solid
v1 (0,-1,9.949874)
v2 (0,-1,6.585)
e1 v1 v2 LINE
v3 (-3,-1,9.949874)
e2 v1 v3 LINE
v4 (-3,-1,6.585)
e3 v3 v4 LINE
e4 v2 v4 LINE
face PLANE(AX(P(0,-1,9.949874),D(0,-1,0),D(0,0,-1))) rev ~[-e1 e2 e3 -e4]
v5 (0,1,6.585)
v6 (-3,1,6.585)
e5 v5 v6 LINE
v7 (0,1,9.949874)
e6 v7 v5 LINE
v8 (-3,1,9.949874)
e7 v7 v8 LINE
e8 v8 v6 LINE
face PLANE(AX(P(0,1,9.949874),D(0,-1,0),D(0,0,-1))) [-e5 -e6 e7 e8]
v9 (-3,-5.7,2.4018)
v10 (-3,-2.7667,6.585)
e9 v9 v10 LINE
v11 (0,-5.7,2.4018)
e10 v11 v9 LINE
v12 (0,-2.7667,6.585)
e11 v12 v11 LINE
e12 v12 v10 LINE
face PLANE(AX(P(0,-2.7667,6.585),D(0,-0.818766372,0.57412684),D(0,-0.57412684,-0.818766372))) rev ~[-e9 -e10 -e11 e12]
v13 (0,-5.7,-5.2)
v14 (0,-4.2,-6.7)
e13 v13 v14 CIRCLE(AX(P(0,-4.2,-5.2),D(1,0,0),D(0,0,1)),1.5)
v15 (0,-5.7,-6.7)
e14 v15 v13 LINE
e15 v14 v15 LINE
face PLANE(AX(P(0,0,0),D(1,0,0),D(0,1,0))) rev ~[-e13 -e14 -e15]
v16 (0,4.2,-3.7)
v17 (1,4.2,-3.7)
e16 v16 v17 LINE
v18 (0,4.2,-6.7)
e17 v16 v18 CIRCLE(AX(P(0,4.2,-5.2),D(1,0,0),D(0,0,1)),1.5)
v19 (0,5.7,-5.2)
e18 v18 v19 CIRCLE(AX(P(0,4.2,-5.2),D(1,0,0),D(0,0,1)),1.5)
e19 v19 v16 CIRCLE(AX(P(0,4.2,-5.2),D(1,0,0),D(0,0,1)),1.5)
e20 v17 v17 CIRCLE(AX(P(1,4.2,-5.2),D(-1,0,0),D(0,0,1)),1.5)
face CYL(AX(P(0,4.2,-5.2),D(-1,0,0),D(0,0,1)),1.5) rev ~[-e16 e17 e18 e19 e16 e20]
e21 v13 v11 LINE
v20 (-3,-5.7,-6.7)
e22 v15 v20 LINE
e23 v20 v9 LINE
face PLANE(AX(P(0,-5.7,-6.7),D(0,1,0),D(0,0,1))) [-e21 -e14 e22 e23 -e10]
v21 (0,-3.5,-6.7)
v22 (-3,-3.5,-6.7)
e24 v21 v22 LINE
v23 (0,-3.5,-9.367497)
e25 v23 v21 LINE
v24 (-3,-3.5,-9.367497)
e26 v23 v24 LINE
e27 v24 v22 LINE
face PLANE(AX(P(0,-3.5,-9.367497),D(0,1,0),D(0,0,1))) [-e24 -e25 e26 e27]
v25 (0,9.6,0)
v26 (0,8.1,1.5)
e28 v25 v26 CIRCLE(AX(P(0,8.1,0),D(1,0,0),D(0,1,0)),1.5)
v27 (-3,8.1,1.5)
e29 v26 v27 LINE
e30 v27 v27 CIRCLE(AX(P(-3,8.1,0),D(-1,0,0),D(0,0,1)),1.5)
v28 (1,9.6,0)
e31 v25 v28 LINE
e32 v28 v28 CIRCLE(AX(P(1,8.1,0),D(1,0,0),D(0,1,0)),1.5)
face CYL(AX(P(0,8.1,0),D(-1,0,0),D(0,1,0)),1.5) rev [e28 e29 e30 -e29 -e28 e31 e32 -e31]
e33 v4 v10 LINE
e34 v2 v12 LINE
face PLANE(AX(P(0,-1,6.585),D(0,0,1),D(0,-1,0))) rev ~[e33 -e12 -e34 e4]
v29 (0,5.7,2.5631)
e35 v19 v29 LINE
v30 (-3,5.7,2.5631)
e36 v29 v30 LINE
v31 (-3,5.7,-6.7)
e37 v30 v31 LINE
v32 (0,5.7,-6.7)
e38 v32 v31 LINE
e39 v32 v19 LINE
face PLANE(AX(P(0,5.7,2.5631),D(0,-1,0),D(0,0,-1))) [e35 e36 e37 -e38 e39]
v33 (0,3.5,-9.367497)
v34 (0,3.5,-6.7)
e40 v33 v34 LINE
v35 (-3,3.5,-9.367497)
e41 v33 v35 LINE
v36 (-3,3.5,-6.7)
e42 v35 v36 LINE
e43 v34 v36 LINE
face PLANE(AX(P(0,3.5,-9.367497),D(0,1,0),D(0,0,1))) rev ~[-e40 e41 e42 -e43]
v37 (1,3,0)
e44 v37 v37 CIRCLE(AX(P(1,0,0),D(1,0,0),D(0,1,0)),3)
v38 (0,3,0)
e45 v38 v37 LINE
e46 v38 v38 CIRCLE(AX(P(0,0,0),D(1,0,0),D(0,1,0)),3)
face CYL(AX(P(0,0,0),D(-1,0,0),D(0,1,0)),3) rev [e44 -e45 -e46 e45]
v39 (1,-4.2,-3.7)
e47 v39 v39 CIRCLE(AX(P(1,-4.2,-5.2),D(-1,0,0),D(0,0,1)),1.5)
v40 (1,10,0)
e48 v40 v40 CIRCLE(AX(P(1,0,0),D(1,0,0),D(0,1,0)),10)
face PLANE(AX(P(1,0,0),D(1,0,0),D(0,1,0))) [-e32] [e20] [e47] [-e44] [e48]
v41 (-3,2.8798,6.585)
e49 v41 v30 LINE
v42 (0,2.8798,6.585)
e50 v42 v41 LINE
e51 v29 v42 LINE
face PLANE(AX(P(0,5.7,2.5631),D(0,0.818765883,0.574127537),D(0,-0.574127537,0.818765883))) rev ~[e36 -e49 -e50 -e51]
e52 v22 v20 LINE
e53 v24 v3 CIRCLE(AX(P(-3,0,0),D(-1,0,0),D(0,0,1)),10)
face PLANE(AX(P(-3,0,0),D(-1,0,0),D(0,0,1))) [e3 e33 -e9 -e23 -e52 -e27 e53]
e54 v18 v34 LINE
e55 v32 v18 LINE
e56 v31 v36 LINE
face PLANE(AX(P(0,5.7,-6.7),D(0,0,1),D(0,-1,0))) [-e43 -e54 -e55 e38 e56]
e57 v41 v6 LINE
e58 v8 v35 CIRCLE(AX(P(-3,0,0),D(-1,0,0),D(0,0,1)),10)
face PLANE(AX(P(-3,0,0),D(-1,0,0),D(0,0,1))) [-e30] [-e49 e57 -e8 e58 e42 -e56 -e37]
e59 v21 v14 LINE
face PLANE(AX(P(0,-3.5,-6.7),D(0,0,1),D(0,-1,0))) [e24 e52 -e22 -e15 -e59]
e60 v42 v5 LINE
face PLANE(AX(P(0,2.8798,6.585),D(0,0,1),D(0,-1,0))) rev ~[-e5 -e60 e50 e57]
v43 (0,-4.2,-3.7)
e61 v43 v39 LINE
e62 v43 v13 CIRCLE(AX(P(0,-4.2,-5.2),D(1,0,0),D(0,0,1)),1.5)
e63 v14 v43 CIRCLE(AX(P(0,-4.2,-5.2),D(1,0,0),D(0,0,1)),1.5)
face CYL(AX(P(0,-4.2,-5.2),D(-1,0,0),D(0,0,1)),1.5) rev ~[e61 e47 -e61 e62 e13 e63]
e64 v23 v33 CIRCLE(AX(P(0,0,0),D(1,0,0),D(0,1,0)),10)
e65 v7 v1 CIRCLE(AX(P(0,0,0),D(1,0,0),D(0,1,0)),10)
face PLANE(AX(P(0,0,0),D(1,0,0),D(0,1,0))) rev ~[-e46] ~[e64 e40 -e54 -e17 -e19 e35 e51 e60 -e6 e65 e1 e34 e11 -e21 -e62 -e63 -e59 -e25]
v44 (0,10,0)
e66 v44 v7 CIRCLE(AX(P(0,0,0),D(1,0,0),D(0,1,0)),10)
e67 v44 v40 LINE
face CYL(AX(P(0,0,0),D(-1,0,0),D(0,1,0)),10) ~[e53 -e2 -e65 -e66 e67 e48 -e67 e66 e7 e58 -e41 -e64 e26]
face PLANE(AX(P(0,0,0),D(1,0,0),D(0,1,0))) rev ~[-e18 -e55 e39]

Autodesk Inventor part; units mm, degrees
ref_plane "YZ Plane" through (0, 0, 0) normal (1, 0, 0) x (0, 1, 0)
ref_plane "XZ Plane" through (0, 0, 0) normal (0, 1, 0) x (-1, 0, 0)
ref_plane "XY Plane" through (0, 0, 0) normal (0, 0, 1) x (1, 0, 0)
sketch "Sketch1" plane through (0, 0, 0) normal (1, 0, 0) x (0, 1, 0)
  circle A0 centre (0, 0) radius 10
  line L0 (10, 0) -> (8.1, 0)
  circle A1 centre (8.1, 0) radius 1.5
  circle A2 centre (0, 0) radius 3
  dimension "d0" = 20
  dimension "d1" = 1.9
  dimension "d2" = 3
  dimension "d3" = 6
extrude "Extrusion1" add sketch "Sketch1" along normal blind 1
sketch "Sketch2" plane through (0, 0, 0) normal (-1, 0, 0) x (0, 0, 1)
  line L0 (0, 5.5) -> (-6.5, 5.5)
  line L1 (0, 5.5) -> (2.5, 5.5)
  line L2 (6.0478, 3.0122) -> (6.0478, -2.8019)
  line L3 (-6.5, -5.5) -> (-6.5, 5.5)
  line L4 (5.5, 5.498) -> (2.5, 5.5)
  line L5 (2.5, 5.5) -> (6.0478, 3.0122)
  line L6 (5.2, -5.498) -> (2.2, -5.5)
  line L7 (2.2, -5.5) -> (6.0478, -2.8019)
  line L8 (2.2, -5.5) -> (-6.5, -5.5)
  line L9 (2.5631, 5.7) -> (6.585, 2.8798)
  line L10 (6.585, 2.8798) -> (6.585, -2.7667)
  line L11 (6.585, -2.7667) -> (2.4018, -5.7)
  line L12 (2.5631, 5.7) -> (0, 5.7)
  line L13 (0, 5.7) -> (-6.7, 5.7)
  line L14 (-6.7, 5.7) -> (-6.7, -5.7)
  line L15 (-6.7, -5.7) -> (2.4018, -5.7)
  circle A0 centre (0, 0) radius 10
  circle A1 centre (0, 0) radius 10 projected
  line L16 (10, 0) -> (10, 1)
  line L17 (10, 1) -> (6.585, 1)
  line L18 (10, 0) -> (10, -1)
  line L19 (10, 0) -> (11, 0) construction
  line L20 (10, -1) -> (6.585, -1)
  line L21 (-10, 0) -> (-10, 3.5)
  line L22 (-10, 3.5) -> (-6.7, 3.5)
  line L23 (-10, 0) -> (-10, -3.5)
  line L24 (-10, -3.5) -> (-6.7, -3.5)
  circle A2 centre (0, 8.1) radius 1.5 projected
  circle A3 centre (0, 8.1) radius 1.5
  point P0 (-9.3675, -3.5)
  point P1 (9.9499, -1)
  point P2 (9.9499, 1)
  point P3 (-9.3675, 3.5)
  dimension "d6" = 5.5
  dimension "d7" = 6.5
  dimension "d8" = 5.5
  dimension "d9" = 11
  dimension "d10" = 3
  dimension "d11" = 35
  dimension "d12" = 3
  dimension "d13" = 35
  dimension "d14" = 0.2
  dimension "d15" = 0.2
  dimension "d18" = 1
  dimension "d19" = 1
  dimension "d20" = 270
  dimension "d21" = 3.5
  dimension "d22" = 3.5
extrude "Extrusion2" add sketch "Sketch2" along normal blind 3 contours L9 L12 L13 L14 L22 A0 L17 L10 | L11 L10 L20 A0 L24 L14 L15
sketch "Sketch3" plane through (0, 0, 0) normal (-1, 0, 0) x (0, 0, 1)
  circle A0 centre (-5.2, 4.2) radius 1.5
  circle A1 centre (-5.2, -4.2) radius 1.5
  line L0 (-6.7, 5.7) -> (2.5631, 5.7) projected
  line L1 (-6.7, 3.5) -> (-6.7, 5.7) projected
  line L2 (-6.7, -5.7) -> (-6.7, -3.5) projected
  line L3 (2.4018, -5.7) -> (-6.7, -5.7) projected
  point P0 (0, 0)
  dimension "d23" = 3
  dimension "d24" = 3
extrude "Extrusion3" cut sketch "Sketch3" against normal blind 10 contours A0 | A1
properties part number "potentiometer_holder"
